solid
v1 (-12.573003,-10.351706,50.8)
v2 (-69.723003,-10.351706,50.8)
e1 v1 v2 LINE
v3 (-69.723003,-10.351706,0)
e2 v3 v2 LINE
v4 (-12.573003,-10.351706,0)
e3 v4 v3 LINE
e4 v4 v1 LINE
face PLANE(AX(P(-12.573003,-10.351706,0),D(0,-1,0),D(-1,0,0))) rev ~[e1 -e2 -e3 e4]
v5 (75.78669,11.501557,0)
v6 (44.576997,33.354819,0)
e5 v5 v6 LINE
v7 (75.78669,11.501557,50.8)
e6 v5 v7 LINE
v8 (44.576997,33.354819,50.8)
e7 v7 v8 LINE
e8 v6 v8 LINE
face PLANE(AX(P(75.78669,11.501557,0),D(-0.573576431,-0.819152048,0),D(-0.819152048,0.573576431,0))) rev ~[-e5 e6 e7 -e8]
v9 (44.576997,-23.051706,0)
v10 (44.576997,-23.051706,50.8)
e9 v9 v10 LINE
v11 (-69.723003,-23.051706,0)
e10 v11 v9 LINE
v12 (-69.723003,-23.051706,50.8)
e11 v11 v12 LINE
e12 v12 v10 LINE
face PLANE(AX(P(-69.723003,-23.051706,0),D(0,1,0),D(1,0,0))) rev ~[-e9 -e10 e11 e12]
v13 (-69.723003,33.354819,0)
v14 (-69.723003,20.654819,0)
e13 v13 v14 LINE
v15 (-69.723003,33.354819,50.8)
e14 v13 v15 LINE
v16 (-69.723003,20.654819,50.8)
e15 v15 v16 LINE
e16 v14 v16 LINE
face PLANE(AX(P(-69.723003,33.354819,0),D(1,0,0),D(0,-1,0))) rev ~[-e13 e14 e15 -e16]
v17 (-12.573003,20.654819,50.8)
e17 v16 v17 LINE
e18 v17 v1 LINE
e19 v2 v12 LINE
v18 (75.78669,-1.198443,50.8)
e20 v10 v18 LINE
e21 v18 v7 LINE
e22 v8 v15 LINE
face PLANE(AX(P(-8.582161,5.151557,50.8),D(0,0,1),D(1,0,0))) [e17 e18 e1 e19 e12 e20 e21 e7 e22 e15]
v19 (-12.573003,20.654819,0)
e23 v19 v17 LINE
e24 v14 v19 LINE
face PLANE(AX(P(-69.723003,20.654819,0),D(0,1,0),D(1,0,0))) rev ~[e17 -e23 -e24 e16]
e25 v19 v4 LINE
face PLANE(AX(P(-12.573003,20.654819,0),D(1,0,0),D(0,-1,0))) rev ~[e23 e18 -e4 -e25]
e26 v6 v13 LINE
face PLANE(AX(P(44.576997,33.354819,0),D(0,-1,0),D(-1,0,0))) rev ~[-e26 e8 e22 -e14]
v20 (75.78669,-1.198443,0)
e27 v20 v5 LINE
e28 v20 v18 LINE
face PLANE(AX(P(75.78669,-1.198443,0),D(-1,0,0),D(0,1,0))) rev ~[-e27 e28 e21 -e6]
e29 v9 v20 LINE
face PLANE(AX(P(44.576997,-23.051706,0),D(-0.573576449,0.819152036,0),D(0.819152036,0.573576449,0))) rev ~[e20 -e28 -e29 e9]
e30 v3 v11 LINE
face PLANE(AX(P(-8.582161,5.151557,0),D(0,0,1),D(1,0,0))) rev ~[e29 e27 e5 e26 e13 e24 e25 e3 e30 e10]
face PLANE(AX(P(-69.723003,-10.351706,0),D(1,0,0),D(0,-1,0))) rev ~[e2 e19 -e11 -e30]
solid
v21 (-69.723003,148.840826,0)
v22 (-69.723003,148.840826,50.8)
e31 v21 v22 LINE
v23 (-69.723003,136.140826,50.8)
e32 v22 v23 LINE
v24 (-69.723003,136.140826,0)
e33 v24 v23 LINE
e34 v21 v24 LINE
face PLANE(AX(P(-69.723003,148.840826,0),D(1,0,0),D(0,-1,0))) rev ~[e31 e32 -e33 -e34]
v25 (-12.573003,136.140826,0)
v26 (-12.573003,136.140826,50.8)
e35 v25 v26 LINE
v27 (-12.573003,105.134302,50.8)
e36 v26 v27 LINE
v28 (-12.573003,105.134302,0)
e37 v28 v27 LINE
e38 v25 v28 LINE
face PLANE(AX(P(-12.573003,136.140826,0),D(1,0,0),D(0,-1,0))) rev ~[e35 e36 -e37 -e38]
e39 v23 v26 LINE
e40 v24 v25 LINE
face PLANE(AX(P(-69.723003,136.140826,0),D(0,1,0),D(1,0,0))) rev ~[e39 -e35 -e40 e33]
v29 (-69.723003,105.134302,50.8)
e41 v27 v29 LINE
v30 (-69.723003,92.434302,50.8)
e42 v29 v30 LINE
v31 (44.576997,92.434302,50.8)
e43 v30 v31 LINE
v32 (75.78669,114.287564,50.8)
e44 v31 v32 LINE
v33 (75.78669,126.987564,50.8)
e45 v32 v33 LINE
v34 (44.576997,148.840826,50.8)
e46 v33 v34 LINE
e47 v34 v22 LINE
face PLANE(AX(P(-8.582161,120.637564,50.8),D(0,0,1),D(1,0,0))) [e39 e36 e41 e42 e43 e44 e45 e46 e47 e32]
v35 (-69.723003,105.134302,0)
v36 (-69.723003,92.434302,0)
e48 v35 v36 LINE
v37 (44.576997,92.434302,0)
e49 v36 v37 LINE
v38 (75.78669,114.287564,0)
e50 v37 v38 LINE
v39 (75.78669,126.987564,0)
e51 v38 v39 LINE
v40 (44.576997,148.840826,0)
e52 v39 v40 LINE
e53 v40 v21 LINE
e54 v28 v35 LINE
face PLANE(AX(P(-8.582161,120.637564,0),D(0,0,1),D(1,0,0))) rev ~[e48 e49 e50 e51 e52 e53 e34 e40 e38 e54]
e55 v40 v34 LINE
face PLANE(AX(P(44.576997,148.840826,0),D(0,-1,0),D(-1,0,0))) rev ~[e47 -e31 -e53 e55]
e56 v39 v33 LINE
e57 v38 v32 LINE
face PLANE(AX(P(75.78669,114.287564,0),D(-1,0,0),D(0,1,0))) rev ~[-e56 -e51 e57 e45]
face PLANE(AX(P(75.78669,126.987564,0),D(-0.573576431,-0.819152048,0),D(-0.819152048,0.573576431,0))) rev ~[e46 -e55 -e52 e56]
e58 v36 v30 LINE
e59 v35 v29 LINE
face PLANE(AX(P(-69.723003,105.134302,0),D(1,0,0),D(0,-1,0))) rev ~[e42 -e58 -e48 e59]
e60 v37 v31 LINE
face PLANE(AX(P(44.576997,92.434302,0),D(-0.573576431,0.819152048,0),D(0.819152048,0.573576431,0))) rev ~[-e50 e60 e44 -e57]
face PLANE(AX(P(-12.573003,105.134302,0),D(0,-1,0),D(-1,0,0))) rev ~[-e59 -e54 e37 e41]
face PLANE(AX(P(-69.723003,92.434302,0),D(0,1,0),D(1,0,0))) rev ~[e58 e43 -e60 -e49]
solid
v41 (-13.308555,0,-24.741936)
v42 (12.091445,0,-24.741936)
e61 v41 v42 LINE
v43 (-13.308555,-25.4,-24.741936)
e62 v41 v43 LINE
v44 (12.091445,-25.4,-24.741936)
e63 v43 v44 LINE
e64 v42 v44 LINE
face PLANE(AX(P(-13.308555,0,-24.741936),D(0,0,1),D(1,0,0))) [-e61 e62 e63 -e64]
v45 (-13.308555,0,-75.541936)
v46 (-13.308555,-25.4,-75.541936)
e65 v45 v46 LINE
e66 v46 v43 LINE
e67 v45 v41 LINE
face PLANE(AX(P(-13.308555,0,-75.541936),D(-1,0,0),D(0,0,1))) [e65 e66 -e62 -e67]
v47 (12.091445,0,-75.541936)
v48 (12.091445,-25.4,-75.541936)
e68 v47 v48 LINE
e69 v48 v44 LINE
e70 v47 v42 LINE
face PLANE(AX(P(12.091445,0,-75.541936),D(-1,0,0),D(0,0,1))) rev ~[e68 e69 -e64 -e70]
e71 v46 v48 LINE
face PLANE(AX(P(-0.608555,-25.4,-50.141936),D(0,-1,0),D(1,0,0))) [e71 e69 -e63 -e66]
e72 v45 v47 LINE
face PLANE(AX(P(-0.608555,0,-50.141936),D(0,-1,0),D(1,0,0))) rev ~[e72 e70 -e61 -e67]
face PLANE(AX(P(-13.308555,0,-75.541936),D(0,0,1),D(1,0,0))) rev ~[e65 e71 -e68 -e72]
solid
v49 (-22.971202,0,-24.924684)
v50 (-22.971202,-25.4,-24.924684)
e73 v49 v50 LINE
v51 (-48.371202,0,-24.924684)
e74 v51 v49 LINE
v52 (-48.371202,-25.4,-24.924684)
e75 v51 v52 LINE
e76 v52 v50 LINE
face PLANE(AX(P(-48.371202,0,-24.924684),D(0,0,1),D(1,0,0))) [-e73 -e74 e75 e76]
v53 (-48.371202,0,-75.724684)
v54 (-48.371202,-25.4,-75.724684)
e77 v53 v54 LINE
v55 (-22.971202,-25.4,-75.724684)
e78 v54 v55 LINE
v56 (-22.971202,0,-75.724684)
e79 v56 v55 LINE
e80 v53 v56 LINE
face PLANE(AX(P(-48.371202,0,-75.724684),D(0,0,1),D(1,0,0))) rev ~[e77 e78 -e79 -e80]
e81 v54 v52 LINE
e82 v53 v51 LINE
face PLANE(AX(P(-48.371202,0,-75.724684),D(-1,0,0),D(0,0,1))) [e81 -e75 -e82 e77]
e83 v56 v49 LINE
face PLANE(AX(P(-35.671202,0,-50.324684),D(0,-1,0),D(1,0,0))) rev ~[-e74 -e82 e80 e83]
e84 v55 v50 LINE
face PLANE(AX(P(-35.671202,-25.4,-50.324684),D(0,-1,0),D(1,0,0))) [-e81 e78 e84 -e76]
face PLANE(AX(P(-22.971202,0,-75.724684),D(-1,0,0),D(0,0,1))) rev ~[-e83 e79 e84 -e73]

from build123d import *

# Parameters (mm, degrees)
F0_W     = 25.4
F0_H     = 50.8
F1_DEPTH = 25.4
F3_DEPTH = 50.8


with BuildPart() as f1:
    # F0 (on Front) → F1 (new body)
    with BuildSketch(Plane.XZ):
        with Locations((-35.671202, -50.324684)):
            Rectangle(F0_W, F0_H)
        with Locations((-0.608555, -50.141936)):
            Rectangle(F0_W, F0_H)
    extrude(amount=F1_DEPTH)


with BuildPart() as f3:
    # F2 (on Top) → F3 (new body)
    with BuildSketch(Plane.XY):
        Polygon((44.576997, 33.354819), (-69.723003, 33.354819), (-69.723003, 20.654819), (-12.573003, 20.654819), (-12.573003, -10.351706), (-69.723003, -10.351706), (-69.723003, -23.051706), (44.576997, -23.051706), (75.78669, -1.198443), (75.78669, 11.501557), align=None)
        Polygon((-69.723003, 105.134302), (-69.723003, 92.434302), (44.576997, 92.434302), (75.78669, 114.287564), (75.78669, 126.987564), (44.576997, 148.840826), (-69.723003, 148.840826), (-69.723003, 136.140826), (-12.573003, 136.140826), (-12.573003, 105.134302), align=None)
    extrude(amount=F3_DEPTH)


solid = Compound([f1.part, f3.part])
